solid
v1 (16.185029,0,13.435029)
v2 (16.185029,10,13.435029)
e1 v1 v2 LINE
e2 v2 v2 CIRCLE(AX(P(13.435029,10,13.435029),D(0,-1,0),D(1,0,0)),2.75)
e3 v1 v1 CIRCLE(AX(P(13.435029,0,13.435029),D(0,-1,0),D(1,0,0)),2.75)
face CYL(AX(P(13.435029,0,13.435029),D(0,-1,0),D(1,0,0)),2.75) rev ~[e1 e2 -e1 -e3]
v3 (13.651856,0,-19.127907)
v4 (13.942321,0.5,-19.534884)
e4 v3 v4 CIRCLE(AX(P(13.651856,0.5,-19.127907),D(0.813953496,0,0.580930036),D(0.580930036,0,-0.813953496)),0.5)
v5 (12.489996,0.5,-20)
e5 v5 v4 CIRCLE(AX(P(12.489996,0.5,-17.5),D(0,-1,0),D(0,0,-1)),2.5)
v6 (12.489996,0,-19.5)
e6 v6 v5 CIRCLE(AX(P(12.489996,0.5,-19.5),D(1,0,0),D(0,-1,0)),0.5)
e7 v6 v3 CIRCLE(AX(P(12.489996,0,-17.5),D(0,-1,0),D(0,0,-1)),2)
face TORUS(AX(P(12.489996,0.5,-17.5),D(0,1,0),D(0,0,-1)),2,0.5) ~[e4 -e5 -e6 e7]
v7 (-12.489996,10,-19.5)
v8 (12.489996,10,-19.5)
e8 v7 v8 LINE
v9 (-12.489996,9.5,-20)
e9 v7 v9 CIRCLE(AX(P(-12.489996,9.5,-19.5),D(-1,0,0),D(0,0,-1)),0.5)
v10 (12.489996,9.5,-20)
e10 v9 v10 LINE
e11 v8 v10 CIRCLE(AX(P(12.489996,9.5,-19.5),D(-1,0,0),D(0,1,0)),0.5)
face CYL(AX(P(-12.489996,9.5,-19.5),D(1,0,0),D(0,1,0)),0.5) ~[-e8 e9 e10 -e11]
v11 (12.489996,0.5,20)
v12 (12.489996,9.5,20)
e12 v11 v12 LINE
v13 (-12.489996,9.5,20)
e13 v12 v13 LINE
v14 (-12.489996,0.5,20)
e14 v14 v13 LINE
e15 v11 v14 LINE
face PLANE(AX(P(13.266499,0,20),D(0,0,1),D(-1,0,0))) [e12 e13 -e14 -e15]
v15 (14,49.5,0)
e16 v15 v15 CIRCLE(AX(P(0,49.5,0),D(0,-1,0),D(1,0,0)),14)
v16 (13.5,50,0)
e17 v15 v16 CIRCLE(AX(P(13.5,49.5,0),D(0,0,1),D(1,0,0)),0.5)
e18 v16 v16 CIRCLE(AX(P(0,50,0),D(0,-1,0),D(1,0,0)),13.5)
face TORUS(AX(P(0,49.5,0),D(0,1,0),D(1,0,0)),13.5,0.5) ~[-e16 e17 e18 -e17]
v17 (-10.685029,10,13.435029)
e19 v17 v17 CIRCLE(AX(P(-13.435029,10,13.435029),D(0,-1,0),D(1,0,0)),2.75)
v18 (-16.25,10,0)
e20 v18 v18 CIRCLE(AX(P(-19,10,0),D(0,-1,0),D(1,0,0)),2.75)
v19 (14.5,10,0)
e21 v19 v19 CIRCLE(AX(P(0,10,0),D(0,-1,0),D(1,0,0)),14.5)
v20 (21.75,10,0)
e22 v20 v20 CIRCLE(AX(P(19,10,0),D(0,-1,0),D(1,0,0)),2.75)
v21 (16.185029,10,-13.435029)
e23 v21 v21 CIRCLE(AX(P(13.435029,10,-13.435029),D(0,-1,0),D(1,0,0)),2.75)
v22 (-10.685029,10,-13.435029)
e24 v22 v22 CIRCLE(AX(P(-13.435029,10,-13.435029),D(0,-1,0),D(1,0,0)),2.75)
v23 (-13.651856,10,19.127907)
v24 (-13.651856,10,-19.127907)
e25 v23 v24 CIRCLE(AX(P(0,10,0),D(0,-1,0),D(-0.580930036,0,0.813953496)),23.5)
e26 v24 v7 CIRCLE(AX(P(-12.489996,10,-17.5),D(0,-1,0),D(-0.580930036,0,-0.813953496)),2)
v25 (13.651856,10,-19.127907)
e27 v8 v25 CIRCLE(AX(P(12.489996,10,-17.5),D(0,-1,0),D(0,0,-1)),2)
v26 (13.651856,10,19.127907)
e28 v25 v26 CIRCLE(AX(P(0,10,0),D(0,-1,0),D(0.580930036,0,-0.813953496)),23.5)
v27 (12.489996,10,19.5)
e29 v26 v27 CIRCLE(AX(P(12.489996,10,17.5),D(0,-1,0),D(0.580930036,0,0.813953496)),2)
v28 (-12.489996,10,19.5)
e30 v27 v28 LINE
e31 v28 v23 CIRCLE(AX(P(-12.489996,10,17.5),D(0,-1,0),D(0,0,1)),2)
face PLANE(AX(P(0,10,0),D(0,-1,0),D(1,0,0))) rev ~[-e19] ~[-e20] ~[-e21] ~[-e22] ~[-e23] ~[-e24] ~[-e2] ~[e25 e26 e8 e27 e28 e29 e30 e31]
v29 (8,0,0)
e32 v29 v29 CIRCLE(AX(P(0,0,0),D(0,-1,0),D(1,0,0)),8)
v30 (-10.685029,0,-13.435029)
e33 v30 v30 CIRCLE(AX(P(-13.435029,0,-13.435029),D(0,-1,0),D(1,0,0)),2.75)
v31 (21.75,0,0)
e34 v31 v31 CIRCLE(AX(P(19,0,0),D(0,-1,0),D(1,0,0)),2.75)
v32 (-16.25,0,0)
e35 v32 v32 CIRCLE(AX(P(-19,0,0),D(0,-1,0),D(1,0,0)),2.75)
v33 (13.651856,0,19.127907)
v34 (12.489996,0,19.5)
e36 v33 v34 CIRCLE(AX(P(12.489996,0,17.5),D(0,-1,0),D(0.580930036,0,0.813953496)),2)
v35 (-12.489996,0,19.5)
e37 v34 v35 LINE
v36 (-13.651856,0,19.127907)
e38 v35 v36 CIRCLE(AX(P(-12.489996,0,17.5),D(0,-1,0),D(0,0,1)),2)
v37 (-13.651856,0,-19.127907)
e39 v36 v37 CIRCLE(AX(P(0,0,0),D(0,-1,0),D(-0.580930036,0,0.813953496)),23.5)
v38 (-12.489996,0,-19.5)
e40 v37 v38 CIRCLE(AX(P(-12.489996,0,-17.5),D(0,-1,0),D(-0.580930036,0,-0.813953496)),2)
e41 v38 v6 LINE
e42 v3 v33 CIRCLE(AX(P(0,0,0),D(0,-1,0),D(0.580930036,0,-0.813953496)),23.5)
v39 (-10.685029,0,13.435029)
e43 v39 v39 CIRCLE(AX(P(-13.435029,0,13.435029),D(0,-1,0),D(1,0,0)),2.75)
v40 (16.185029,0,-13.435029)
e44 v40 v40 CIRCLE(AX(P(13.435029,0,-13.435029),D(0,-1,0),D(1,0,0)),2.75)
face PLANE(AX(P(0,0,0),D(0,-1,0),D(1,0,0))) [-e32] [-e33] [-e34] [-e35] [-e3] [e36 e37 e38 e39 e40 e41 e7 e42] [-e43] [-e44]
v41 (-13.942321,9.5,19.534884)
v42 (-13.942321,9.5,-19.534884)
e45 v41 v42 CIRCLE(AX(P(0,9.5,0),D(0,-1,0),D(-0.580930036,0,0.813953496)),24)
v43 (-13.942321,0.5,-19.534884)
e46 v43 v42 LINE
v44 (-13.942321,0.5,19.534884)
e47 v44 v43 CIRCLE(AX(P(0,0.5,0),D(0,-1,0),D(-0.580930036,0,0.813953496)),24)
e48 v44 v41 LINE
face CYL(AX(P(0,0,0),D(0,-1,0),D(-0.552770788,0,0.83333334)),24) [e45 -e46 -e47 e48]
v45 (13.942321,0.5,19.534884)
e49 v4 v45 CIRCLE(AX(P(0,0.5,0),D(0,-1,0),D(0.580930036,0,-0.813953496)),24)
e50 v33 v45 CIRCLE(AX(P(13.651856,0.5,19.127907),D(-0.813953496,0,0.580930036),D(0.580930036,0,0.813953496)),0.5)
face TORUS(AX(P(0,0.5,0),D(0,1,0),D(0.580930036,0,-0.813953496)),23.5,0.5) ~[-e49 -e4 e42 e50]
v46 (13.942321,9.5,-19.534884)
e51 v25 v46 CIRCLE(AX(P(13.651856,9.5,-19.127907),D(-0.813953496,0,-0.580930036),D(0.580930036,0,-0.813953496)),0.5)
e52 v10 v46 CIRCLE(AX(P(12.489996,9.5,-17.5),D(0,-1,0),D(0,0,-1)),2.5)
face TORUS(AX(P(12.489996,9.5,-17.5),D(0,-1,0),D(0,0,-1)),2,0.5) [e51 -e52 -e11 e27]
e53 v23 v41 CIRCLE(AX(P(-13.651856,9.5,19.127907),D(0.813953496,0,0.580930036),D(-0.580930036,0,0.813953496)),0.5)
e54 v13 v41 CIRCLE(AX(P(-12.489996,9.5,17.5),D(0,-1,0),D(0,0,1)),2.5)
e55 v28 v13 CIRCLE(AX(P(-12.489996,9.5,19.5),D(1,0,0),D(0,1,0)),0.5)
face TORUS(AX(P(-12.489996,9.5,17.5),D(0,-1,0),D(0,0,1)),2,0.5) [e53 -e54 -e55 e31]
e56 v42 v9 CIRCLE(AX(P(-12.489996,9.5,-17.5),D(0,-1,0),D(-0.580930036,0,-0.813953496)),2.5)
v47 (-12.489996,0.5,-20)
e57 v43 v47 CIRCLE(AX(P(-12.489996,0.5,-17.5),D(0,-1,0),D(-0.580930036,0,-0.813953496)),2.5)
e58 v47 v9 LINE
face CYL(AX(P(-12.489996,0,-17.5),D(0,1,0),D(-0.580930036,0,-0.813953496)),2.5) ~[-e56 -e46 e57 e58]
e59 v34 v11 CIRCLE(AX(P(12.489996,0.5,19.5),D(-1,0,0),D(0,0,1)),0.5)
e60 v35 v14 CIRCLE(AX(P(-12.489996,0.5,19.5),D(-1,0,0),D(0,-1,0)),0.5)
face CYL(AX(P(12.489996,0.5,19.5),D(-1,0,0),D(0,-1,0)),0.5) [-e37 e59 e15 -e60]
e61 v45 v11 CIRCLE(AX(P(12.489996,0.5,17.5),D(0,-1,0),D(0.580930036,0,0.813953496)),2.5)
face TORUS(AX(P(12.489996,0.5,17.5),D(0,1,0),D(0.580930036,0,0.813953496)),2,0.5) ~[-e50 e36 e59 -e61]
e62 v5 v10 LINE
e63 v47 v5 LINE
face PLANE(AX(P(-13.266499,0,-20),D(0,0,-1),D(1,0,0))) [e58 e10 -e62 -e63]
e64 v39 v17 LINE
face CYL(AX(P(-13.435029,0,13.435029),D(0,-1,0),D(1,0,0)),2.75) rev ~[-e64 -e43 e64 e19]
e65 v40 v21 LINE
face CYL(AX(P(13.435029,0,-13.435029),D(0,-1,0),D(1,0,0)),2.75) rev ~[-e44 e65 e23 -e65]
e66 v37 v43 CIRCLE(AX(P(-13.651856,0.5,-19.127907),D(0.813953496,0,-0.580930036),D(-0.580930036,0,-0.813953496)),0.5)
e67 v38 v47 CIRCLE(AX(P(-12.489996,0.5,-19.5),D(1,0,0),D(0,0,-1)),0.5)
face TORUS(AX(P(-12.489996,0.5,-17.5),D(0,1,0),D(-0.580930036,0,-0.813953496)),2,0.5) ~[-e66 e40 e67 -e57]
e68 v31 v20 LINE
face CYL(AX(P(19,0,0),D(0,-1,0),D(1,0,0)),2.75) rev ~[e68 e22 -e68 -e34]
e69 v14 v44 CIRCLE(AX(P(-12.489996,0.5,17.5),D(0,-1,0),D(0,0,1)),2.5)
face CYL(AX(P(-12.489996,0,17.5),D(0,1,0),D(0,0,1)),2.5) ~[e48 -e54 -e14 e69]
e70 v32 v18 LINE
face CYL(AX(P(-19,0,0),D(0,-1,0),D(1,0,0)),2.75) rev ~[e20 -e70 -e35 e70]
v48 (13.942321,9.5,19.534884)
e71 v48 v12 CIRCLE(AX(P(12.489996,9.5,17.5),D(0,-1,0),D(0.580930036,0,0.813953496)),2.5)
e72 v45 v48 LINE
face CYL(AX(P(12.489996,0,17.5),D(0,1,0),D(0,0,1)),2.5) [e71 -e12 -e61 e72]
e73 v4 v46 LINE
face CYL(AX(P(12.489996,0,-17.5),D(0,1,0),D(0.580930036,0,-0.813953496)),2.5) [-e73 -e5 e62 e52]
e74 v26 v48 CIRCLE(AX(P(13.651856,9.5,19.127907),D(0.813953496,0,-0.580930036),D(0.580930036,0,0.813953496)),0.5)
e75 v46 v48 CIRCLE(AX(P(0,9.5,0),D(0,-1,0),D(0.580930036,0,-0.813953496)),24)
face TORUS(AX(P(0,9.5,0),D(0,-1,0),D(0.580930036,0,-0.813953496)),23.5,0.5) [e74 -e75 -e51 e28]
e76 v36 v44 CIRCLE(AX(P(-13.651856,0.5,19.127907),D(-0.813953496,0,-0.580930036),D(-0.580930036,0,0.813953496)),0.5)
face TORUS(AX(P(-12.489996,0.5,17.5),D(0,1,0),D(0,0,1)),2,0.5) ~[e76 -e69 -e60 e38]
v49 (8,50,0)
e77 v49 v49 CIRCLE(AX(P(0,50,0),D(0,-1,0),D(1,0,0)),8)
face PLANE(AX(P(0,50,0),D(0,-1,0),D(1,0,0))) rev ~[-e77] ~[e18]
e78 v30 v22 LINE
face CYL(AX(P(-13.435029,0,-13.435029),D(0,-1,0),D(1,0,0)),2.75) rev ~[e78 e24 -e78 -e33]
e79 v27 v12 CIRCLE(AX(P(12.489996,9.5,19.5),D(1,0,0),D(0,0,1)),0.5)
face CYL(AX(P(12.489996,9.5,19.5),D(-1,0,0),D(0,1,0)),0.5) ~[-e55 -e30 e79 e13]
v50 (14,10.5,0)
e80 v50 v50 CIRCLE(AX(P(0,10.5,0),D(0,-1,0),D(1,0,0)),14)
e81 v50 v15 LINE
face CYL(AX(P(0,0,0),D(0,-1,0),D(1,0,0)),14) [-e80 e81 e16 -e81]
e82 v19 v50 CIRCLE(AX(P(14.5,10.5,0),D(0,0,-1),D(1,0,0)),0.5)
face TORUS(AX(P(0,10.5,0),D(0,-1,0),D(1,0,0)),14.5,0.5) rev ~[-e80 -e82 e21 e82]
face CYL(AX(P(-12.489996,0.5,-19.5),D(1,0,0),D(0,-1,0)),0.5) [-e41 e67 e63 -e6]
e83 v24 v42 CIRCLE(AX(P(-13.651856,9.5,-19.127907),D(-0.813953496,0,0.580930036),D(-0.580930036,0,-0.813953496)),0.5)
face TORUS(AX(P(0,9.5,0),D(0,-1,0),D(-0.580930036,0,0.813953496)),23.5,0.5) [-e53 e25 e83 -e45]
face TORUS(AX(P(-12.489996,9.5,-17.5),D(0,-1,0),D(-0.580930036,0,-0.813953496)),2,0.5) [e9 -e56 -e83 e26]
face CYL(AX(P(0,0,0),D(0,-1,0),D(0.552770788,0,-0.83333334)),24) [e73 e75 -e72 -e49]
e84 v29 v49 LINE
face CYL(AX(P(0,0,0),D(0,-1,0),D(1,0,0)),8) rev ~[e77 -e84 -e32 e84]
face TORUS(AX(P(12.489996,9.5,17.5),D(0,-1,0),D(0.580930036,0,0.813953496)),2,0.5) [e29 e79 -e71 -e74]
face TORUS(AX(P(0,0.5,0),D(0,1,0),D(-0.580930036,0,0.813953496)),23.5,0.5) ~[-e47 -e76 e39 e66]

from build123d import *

# Parameters (mm, degrees)
F1_R     = 14
F1_R_2   = 8
F2_DEPTH = 50
F1_R_3   = 2.75
F3_DEPTH = 10
F4_R     = 2.5
F5_R     = 0.5


with BuildPart() as f2:
    # F1 (on Front) → F2 (new body)
    with BuildSketch(Plane.XZ):
        Circle(F1_R)
        Circle(F1_R_2, mode=Mode.SUBTRACT)
    extrude(amount=-F2_DEPTH)

    # F1 (on Front) → F3 (join)
    with BuildSketch(Plane.XZ):
        with BuildLine():
            Line((13.266499, 20), (-13.266499, 20))
            ThreePointArc((-13.266499, 20), (-24, 0), (-13.266499, -20))
            Line((-13.266499, -20), (13.266499, -20))
            ThreePointArc((13.266499, -20), (24, 0), (13.266499, 20))
        make_face()
        with Locations((-13.435029, -13.435029)):
            Circle(F1_R_3, mode=Mode.SUBTRACT)
        with Locations((-19, 0)):
            Circle(F1_R_3, mode=Mode.SUBTRACT)
        with Locations((13.435029, -13.435029)):
            Circle(F1_R_3, mode=Mode.SUBTRACT)
        Circle(F1_R, mode=Mode.SUBTRACT)
        with Locations((19, 0)):
            Circle(F1_R_3, mode=Mode.SUBTRACT)
        with Locations((-13.435029, 13.435029)):
            Circle(F1_R_3, mode=Mode.SUBTRACT)
        with Locations((13.435029, 13.435029)):
            Circle(F1_R_3, mode=Mode.SUBTRACT)
    extrude(amount=-F3_DEPTH)

    # F4
    f4_edges = [f2.edges().sort_by_distance(p)[0] for p in [
        (-13.266499, 5, 20),
        (-13.266499, 5, -20),
        (13.266499, 5, 20),
        (13.266499, 5, -20),
    ]]
    fillet(f4_edges, radius=F4_R)

    # F5
    f5_edges = [f2.edges().sort_by_distance(p)[0] for p in [
        (24, 10, 0),
        (24, 0, 0),
        (-14, 10, 0),
        (-14, 50, 0),
    ]]
    fillet(f5_edges, radius=F5_R)


solid = f2.part
